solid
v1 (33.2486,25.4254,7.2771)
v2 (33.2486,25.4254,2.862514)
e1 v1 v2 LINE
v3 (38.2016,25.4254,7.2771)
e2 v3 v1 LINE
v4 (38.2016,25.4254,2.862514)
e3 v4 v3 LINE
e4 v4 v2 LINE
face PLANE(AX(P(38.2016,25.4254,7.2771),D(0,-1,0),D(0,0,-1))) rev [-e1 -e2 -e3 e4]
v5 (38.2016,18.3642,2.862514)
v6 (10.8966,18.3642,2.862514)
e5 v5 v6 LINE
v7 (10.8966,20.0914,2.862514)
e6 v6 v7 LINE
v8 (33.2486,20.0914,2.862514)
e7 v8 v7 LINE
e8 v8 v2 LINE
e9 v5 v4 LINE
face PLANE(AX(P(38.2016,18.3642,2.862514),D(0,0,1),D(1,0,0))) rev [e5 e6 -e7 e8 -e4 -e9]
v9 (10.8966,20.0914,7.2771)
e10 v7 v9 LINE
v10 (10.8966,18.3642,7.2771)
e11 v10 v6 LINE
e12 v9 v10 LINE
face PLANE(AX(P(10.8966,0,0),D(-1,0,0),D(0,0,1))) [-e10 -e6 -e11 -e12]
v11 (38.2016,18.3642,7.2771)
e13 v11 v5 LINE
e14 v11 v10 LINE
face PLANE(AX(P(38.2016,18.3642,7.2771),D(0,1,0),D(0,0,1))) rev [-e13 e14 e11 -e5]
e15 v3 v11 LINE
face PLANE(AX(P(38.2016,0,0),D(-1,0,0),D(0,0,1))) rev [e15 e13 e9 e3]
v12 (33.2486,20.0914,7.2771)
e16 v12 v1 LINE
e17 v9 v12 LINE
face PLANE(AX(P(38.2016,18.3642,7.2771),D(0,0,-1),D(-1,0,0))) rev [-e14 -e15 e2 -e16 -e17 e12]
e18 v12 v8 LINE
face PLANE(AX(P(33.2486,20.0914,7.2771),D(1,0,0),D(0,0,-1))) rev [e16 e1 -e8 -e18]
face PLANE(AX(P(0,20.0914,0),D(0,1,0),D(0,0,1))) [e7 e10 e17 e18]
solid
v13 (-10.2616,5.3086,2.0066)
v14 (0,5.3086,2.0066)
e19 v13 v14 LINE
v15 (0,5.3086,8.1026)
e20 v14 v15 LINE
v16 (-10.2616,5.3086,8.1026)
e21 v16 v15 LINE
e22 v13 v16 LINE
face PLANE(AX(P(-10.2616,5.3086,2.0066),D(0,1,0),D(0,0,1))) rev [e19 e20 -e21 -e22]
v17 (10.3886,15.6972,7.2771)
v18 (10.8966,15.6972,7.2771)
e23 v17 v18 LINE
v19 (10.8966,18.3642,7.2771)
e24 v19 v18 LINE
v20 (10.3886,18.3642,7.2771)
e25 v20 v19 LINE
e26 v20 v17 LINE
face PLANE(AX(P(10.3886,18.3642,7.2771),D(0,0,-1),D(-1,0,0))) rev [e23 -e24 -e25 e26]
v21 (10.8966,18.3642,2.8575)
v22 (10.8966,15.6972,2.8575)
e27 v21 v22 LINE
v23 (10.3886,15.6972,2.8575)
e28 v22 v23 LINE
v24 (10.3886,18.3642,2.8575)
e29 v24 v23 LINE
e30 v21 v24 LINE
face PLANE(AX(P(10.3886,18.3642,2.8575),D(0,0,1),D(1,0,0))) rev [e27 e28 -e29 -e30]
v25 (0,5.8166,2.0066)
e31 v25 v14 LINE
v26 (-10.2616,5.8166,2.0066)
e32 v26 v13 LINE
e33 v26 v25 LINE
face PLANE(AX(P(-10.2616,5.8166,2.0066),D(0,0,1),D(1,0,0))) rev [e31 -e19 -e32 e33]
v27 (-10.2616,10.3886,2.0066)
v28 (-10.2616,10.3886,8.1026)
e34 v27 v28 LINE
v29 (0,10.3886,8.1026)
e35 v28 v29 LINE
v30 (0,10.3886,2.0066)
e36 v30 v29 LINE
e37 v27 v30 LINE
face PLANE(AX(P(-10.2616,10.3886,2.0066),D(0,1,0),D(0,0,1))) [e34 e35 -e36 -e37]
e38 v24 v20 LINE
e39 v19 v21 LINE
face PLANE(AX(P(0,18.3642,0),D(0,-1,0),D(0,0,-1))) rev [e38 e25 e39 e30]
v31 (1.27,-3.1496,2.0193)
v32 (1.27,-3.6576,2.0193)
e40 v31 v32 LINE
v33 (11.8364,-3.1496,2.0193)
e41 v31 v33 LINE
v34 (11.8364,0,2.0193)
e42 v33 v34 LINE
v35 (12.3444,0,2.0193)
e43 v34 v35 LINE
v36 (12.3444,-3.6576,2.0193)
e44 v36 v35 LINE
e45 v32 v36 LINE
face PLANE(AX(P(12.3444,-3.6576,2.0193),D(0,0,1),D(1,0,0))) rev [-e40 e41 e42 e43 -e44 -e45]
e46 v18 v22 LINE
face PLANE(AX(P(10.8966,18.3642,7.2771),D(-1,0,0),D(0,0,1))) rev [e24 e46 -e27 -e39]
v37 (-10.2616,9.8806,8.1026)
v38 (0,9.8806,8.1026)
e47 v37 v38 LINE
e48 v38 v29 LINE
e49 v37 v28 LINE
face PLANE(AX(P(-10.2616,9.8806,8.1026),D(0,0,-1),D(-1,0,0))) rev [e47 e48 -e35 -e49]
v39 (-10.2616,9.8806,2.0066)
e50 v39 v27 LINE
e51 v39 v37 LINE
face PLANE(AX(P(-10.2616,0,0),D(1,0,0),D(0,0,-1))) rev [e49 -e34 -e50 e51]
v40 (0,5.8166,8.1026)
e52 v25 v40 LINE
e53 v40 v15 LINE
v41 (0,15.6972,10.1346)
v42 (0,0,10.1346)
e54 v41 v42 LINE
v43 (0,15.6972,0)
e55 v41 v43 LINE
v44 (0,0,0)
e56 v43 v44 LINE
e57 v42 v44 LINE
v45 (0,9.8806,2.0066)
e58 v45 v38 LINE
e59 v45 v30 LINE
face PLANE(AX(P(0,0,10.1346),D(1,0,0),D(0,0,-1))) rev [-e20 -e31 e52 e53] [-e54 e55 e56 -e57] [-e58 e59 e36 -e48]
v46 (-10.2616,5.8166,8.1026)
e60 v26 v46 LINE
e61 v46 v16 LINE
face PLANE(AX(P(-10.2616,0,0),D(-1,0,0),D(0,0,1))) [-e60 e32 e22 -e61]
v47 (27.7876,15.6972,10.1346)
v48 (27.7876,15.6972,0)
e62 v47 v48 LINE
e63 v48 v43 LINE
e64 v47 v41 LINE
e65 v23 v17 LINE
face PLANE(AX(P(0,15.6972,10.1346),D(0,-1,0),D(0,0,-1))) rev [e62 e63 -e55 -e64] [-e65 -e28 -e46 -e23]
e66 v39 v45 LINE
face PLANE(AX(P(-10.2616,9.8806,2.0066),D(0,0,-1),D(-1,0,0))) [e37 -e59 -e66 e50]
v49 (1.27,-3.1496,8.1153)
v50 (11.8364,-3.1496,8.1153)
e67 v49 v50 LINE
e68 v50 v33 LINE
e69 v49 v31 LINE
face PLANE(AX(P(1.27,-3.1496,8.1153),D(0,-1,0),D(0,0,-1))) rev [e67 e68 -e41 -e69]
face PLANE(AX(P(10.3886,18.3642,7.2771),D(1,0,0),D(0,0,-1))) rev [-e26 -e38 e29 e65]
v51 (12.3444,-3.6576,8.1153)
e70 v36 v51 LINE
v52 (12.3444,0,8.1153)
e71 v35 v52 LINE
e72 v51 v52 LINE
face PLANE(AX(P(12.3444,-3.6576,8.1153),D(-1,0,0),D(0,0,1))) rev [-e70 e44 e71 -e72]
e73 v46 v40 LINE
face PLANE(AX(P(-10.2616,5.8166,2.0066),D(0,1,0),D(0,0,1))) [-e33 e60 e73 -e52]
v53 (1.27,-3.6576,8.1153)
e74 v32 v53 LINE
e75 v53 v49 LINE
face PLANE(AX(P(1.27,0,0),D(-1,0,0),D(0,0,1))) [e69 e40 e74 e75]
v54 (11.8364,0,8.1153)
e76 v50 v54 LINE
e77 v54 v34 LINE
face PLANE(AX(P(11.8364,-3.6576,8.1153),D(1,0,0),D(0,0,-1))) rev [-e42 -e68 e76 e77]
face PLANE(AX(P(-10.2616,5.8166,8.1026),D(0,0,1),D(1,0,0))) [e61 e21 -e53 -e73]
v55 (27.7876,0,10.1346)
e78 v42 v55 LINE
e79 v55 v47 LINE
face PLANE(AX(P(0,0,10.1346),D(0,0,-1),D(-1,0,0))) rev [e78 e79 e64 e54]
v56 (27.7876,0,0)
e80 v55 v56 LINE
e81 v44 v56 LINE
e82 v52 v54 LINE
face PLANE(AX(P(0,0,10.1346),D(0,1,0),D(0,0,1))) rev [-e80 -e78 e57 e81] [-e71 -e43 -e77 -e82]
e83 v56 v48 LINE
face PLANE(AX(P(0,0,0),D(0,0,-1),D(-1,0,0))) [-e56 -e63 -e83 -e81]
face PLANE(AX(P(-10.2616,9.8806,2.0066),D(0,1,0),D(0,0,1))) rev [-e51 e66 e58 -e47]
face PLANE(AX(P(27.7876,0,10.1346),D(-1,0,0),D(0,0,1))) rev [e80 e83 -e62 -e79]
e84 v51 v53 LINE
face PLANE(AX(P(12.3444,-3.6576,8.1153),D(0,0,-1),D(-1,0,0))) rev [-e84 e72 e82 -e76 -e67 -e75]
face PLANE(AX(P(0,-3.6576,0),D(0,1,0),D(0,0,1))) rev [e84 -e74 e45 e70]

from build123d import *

# Parameters (mm, degrees)
SKETCH1_W           = 27.7876
SKETCH1_H           = 15.6972
BOSS_EXTRUDE1_DEPTH = 10.1346
SKETCH2_W           = 6.096
SKETCH2_H           = 0.508
BOSS_EXTRUDE2_DEPTH = 10.2616
SKETCH4_W           = 0.508
SKETCH4_H           = 4.4196
BOSS_EXTRUDE3_DEPTH = 2.667
SKETCH5_W           = 4.414586419
SKETCH5_H           = 7.0612
BOSS_EXTRUDE4_DEPTH = 27.305
SKETCH6_W           = 22.352
SKETCH6_H           = 4.414586419
CUT_EXTRUDE1_DEPTH  = 5.334
SKETCH7_W           = 0.508
SKETCH7_H           = 6.096
BOSS_EXTRUDE5_DEPTH = 3.6576
SKETCH8_W           = 6.096
SKETCH8_H           = 0.508
BOSS_EXTRUDE6_DEPTH = 10.5664


with BuildPart() as part:
    # Sketch1 → Boss-Extrude1 (new body)
    with BuildSketch(Plane.XY):
        with Locations((13.8938, 7.8486)):
            Rectangle(SKETCH1_W, SKETCH1_H)
    extrude(amount=BOSS_EXTRUDE1_DEPTH)

    # Sketch2 → Boss-Extrude2 (add)
    with BuildSketch(Plane.ZY):
        with Locations((5.0546, 10.1346)):
            Rectangle(SKETCH2_W, SKETCH2_H)
        with Locations((5.0546, 5.5626)):
            Rectangle(SKETCH2_W, SKETCH2_H)
    extrude(amount=BOSS_EXTRUDE2_DEPTH)

    # Sketch4 → Boss-Extrude3 (add)
    with BuildSketch(Plane(origin=(0, 15.6972, 0), x_dir=(1, 0, 0), z_dir=(0, 1, 0))):
        with Locations((10.6426, -5.0673)):
            Rectangle(SKETCH4_W, SKETCH4_H)
    extrude(amount=BOSS_EXTRUDE3_DEPTH)

    # Sketch7 → Boss-Extrude5 (add)
    with BuildSketch(Plane.XZ):
        with Locations((12.0904, 5.0673)):
            Rectangle(SKETCH7_W, SKETCH7_H)
    extrude(amount=BOSS_EXTRUDE5_DEPTH)

    # Sketch8 → Boss-Extrude6 (add)
    with BuildSketch(Plane.ZY.offset(-11.8364)):
        with Locations((5.0673, -3.4036)):
            Rectangle(SKETCH8_W, SKETCH8_H)
    extrude(amount=BOSS_EXTRUDE6_DEPTH)


with BuildPart() as body_2:
    # Sketch5 → Boss-Extrude4 (new body)
    with BuildSketch(Plane(origin=(10.8966, 0, 0), x_dir=(0, 0, -1), z_dir=(1, 0, 0))):
        with Locations((-5.069806791, 21.8948)):
            Rectangle(SKETCH5_W, SKETCH5_H)
    extrude(amount=BOSS_EXTRUDE4_DEPTH)

    # Sketch6 → Cut-Extrude1 (cut)
    with BuildSketch(Plane(origin=(0, 25.4254, 0), x_dir=(1, 0, 0), z_dir=(0, 1, 0))):
        with Locations((22.0726, -5.069806791)):
            Rectangle(SKETCH6_W, SKETCH6_H)
    extrude(amount=-CUT_EXTRUDE1_DEPTH, mode=Mode.SUBTRACT)


solid = Compound([part.part, body_2.part])
